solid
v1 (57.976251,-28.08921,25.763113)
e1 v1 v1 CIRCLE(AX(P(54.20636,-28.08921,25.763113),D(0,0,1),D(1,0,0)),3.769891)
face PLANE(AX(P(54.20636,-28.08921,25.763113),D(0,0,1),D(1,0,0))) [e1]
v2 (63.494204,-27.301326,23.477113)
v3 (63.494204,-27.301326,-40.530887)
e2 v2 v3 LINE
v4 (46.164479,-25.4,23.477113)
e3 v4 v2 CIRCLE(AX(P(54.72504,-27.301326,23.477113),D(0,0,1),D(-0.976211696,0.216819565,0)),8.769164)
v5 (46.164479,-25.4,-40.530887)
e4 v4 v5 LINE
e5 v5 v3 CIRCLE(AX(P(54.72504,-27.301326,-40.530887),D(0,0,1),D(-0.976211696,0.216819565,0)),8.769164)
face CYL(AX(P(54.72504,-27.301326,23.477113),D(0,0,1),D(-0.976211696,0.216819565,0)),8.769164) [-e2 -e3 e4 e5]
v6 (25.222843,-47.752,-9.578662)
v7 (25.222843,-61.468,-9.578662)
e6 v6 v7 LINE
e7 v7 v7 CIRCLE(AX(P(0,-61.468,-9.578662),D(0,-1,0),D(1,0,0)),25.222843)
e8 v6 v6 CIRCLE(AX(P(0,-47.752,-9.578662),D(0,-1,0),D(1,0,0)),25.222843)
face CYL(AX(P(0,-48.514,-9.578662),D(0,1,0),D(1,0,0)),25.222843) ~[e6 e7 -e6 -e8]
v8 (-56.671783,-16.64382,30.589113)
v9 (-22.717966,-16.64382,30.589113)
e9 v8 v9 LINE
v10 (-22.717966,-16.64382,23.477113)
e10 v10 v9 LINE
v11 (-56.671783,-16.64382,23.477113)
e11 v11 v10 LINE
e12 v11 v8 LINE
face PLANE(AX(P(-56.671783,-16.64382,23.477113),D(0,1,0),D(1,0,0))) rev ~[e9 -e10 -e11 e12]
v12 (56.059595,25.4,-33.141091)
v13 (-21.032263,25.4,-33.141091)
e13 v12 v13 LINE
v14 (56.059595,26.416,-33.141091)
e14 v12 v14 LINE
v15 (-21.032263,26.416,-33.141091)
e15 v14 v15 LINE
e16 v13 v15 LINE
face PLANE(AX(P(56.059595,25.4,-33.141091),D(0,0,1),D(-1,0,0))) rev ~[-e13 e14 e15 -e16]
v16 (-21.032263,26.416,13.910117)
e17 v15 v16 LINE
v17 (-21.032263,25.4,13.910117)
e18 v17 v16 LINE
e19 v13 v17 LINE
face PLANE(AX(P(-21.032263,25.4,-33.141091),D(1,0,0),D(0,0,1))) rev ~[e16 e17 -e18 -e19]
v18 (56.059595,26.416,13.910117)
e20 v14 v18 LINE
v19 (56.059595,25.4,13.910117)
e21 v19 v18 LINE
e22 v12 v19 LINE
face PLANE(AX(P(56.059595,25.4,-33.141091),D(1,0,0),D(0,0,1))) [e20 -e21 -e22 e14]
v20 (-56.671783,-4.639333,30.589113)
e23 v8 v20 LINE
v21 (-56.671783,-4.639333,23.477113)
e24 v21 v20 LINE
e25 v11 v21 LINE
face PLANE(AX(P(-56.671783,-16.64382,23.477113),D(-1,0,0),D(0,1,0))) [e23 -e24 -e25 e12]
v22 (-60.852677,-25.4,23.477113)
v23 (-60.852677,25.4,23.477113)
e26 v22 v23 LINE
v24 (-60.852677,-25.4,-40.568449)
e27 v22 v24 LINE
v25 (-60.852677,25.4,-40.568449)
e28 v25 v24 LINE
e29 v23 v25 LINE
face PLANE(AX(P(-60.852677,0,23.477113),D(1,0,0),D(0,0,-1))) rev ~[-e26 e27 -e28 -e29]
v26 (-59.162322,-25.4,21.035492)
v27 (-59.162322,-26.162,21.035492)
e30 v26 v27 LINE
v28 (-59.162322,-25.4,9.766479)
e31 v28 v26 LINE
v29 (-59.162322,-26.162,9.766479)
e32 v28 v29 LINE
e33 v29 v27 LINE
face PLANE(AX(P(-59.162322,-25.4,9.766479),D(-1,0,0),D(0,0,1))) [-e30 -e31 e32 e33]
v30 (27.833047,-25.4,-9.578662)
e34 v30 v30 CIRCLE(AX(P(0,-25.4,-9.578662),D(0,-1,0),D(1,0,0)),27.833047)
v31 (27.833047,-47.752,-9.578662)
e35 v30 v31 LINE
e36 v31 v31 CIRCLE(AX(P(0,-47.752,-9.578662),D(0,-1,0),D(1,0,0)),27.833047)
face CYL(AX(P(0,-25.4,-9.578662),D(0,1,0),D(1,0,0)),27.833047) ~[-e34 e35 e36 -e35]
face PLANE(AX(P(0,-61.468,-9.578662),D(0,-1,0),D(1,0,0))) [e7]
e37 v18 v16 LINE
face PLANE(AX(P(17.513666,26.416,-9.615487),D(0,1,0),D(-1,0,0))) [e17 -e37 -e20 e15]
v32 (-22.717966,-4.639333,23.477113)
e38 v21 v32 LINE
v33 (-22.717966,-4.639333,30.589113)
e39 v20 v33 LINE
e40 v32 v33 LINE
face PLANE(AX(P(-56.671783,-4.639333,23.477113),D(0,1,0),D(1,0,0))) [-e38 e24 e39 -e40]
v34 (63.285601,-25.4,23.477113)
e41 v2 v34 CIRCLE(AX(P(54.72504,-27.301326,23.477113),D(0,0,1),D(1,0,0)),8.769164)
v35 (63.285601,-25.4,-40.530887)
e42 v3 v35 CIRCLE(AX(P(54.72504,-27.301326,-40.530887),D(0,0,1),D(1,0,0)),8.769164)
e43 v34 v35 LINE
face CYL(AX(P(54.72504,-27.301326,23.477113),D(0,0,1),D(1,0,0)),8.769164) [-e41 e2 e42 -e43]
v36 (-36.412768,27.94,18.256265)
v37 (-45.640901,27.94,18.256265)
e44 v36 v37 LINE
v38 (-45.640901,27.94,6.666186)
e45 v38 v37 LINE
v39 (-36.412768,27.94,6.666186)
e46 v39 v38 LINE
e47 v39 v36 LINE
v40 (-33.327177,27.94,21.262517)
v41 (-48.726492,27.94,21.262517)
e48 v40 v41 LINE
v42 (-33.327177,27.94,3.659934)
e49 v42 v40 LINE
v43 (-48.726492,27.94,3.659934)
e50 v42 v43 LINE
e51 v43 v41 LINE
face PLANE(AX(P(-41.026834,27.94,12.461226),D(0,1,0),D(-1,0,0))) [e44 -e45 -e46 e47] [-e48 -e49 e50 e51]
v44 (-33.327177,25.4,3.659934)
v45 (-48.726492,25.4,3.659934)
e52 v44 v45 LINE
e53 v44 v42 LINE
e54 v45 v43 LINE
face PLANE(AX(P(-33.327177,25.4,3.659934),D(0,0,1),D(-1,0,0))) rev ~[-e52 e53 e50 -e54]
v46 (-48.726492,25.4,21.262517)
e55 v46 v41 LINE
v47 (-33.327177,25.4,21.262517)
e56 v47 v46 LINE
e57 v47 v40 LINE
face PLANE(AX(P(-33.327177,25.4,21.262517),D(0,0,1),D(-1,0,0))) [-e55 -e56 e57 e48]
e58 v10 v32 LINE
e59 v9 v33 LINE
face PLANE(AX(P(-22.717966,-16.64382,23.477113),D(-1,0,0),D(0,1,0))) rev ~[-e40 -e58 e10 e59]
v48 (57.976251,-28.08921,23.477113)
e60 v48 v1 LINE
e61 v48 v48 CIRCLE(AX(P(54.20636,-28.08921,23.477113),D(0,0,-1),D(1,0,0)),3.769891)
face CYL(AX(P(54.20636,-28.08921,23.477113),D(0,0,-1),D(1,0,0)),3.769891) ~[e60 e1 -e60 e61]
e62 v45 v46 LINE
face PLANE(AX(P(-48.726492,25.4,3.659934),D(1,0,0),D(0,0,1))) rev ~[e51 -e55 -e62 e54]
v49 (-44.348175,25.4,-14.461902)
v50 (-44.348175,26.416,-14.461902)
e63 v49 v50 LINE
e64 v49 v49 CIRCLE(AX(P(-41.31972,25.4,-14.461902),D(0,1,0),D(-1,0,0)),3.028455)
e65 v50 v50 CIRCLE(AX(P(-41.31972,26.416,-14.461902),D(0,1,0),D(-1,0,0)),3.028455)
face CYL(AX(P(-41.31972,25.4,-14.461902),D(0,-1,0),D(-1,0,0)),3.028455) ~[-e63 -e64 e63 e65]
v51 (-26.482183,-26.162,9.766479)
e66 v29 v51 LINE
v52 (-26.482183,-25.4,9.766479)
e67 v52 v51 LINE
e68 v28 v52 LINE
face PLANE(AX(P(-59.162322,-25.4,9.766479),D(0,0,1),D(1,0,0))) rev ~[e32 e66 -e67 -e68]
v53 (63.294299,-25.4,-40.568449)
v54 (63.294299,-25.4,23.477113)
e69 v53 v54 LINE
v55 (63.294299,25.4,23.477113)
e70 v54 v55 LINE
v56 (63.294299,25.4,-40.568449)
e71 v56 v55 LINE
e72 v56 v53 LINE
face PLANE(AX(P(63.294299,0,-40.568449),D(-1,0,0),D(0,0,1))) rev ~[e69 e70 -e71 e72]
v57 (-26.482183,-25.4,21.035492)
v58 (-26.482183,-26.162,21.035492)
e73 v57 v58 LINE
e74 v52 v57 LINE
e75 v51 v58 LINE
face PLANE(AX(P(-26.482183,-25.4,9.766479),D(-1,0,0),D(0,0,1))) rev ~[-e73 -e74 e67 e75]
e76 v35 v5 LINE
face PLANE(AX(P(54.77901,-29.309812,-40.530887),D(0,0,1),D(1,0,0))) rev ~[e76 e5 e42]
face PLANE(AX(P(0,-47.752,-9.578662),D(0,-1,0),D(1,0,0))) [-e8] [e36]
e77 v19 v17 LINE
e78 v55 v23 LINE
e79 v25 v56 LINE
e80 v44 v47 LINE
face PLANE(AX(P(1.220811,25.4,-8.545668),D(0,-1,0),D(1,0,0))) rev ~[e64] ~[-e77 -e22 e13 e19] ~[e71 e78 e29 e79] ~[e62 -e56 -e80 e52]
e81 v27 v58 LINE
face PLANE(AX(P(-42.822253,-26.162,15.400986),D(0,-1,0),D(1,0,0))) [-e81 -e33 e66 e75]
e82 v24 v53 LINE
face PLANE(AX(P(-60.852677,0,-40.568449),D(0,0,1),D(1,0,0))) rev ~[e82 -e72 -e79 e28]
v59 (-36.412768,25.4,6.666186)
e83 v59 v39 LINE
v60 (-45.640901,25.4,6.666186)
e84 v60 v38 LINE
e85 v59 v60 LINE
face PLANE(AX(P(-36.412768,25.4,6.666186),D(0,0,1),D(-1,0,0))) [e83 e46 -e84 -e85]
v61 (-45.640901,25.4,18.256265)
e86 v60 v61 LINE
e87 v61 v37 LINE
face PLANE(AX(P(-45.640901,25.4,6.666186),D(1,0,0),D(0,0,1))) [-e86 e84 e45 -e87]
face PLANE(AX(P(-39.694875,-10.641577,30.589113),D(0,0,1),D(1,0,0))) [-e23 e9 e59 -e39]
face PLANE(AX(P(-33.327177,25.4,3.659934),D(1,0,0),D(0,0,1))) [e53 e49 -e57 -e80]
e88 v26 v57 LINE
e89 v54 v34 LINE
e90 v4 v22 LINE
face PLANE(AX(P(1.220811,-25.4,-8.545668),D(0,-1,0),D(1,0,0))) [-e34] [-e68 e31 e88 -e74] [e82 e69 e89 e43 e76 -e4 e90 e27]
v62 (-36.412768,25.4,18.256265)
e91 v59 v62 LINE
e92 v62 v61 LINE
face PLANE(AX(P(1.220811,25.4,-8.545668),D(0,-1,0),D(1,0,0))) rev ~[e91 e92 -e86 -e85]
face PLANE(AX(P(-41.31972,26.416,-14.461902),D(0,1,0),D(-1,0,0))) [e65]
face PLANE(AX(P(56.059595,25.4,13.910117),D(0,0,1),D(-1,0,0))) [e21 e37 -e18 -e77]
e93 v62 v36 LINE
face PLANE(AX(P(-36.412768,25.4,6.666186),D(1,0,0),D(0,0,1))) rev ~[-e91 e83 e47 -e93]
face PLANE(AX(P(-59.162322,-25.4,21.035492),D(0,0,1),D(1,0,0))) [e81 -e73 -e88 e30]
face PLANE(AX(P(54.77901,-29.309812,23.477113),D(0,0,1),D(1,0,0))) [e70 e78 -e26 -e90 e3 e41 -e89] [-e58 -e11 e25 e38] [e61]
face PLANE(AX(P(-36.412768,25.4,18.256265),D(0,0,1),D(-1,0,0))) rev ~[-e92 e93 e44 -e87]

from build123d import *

# Parameters (mm, degrees)
F1_R      = 26.2655065646
F2_DEPTH  = 25.4
F3_DEPTH  = 25.4
F4_DEPTH  = 25.4
F5_R      = 27.8330469694
F6_DEPTH  = 22.352
F8_W      = 33.9538175613
F8_H      = 12.0044872165
F9_DEPTH  = 7.112
F11_R     = 3.0284549087
F13_DEPTH = 1.016
F14_R     = 8.9450781304
F14_R_2   = 3.0284549087
F15_DEPTH = 0.762
F16_R     = 25.222843128
F17_DEPTH = 0.762
F19_R     = 3.7698908718
F20_DEPTH = 2.286
F21_W     = 32.6801389456
F21_H     = 11.2690133974
F22_DEPTH = 0.762
F24_DEPTH = 64.008
F25_DEPTH = 12.954
F10_W     = 77.0918577909
F10_H     = 47.0512080938
F26_DEPTH = 1.016
F27_W     = 15.3993144631
F27_H     = 17.6025833935
F27_W_2   = 9.2281326652
F27_H_2   = 11.5900784731
F28_DEPTH = 2.54


with BuildPart() as f2:
    # F1 (on face) → F2 (new body)
    with BuildSketch(Plane.XZ):
        with Locations((-2.629437251, -9.2030279338)):
            Circle(F1_R)
    extrude(amount=F2_DEPTH)

    # F0 (on Front) → F3 (join)
    with BuildSketch(Plane.XZ):
        Polygon((-50.7105626166, 23.4771128744), (-60.85267663, 23.4771128744), (-60.85267663, -40.5684486032), (63.2942989469, -40.5684486032), (63.2942989469, 23.4771128744), (-24.228380993, 23.4771128744), align=None)
    extrude(amount=-F3_DEPTH)

    # F4 (add): a face of the model
    f4_faces = [f2.faces().sort_by_distance(p)[0] for p in [
        (1.2208111584, 0, 22.0801767452),
    ]]
    extrude(f4_faces, amount=F4_DEPTH)

    # F5 (on face) → F6 (join)
    with BuildSketch(Plane.XZ.offset(25.4)):
        with Locations((0, -9.5786619931)):
            Circle(F5_R)
    extrude(amount=F6_DEPTH)

    # F8 (on face) → F9 (join)
    with BuildSketch(Plane.XY.offset(23.4771128744)):
        with Locations((-39.6948745474, -10.6415767223)):
            Rectangle(F8_W, F8_H)
    extrude(amount=F9_DEPTH)

    # F11 (on face) → F13 (join)
    with BuildSketch(Plane(origin=(0, 25.4, 0), x_dir=(-1, 0, 0), z_dir=(0, 1, 0))):
        with Locations((41.3197204471, -14.4619019702)):
            Circle(F11_R)
    extrude(amount=F13_DEPTH)

    # F14 (on face) → F15 (join)
    with BuildSketch(Plane(origin=(0, 25.4, 0), x_dir=(-1, 0, 0), z_dir=(0, 1, 0))):
        with Locations((41.3197204471, -14.4619019702)):
            Circle(F14_R)
        with Locations((41.3197204471, -14.4619019702)):
            Circle(F14_R_2, mode=Mode.SUBTRACT)
    extrude(amount=-F15_DEPTH)

    # F16 (on face) → F17 (join)
    with BuildSketch(Plane.XZ.offset(47.752)):
        with Locations((0, -9.5786619931)):
            Circle(F16_R)
    extrude(amount=F17_DEPTH)

    # F19 (on face) → F20 (join)
    with BuildSketch(Plane.XY.offset(23.4771128744)):
        with Locations((54.2063601315, -28.089210391)):
            Circle(F19_R)
    extrude(amount=F20_DEPTH)

    # F21 (on face) → F22 (join)
    with BuildSketch(Plane.XZ.offset(25.4)):
        with Locations((-42.822252959, 15.4009857215)):
            Rectangle(F21_W, F21_H)
    extrude(amount=F22_DEPTH)

    # F23 (on face) → F24 (join)
    with BuildSketch(Plane.XY.offset(23.4771128744)):
        with BuildLine():
            ThreePointArc((46.1644789676, -25.4), (53.7686719478, -36.0181838323), (63.4942040761, -27.3013263941))
            ThreePointArc((63.4942040761, -27.3013263941), (63.4418971886, -26.3449585915), (63.2856005331, -25.4))
            Line((63.2856005331, -25.4), (46.1644789676, -25.4))
        make_face()
        with BuildLine():
            Line((46.1644789676, -25.4), (63.2856005331, -25.4))
            ThreePointArc((63.2856005331, -25.4), (54.7250397503, -18.5321620683), (46.1644789676, -25.4))
        make_face()
    extrude(amount=-F24_DEPTH)

    # F25 (add): a face of the model
    f25_faces = [f2.faces().sort_by_distance(p)[0] for p in [
        (0, -48.514, -9.5786619931),
    ]]
    extrude(f25_faces, amount=F25_DEPTH)

    # F10 (on face) → F26 (join)
    with BuildSketch(Plane(origin=(0, 25.4, 0), x_dir=(-1, 0, 0), z_dir=(0, 1, 0))):
        with Locations((-17.513666302, -9.6154874191)):
            Rectangle(F10_W, F10_H)
    extrude(amount=F26_DEPTH)

    # F27 (on face) → F28 (join)
    with BuildSketch(Plane(origin=(0, 25.4, 0), x_dir=(-1, 0, 0), z_dir=(0, 1, 0))):
        with Locations((41.0268343985, 12.4612255022)):
            Rectangle(F27_W, F27_H)
        with Locations((41.0268343985, 12.4612255022)):
            Rectangle(F27_W_2, F27_H_2, mode=Mode.SUBTRACT)
    extrude(amount=F28_DEPTH)


solid = f2.part
